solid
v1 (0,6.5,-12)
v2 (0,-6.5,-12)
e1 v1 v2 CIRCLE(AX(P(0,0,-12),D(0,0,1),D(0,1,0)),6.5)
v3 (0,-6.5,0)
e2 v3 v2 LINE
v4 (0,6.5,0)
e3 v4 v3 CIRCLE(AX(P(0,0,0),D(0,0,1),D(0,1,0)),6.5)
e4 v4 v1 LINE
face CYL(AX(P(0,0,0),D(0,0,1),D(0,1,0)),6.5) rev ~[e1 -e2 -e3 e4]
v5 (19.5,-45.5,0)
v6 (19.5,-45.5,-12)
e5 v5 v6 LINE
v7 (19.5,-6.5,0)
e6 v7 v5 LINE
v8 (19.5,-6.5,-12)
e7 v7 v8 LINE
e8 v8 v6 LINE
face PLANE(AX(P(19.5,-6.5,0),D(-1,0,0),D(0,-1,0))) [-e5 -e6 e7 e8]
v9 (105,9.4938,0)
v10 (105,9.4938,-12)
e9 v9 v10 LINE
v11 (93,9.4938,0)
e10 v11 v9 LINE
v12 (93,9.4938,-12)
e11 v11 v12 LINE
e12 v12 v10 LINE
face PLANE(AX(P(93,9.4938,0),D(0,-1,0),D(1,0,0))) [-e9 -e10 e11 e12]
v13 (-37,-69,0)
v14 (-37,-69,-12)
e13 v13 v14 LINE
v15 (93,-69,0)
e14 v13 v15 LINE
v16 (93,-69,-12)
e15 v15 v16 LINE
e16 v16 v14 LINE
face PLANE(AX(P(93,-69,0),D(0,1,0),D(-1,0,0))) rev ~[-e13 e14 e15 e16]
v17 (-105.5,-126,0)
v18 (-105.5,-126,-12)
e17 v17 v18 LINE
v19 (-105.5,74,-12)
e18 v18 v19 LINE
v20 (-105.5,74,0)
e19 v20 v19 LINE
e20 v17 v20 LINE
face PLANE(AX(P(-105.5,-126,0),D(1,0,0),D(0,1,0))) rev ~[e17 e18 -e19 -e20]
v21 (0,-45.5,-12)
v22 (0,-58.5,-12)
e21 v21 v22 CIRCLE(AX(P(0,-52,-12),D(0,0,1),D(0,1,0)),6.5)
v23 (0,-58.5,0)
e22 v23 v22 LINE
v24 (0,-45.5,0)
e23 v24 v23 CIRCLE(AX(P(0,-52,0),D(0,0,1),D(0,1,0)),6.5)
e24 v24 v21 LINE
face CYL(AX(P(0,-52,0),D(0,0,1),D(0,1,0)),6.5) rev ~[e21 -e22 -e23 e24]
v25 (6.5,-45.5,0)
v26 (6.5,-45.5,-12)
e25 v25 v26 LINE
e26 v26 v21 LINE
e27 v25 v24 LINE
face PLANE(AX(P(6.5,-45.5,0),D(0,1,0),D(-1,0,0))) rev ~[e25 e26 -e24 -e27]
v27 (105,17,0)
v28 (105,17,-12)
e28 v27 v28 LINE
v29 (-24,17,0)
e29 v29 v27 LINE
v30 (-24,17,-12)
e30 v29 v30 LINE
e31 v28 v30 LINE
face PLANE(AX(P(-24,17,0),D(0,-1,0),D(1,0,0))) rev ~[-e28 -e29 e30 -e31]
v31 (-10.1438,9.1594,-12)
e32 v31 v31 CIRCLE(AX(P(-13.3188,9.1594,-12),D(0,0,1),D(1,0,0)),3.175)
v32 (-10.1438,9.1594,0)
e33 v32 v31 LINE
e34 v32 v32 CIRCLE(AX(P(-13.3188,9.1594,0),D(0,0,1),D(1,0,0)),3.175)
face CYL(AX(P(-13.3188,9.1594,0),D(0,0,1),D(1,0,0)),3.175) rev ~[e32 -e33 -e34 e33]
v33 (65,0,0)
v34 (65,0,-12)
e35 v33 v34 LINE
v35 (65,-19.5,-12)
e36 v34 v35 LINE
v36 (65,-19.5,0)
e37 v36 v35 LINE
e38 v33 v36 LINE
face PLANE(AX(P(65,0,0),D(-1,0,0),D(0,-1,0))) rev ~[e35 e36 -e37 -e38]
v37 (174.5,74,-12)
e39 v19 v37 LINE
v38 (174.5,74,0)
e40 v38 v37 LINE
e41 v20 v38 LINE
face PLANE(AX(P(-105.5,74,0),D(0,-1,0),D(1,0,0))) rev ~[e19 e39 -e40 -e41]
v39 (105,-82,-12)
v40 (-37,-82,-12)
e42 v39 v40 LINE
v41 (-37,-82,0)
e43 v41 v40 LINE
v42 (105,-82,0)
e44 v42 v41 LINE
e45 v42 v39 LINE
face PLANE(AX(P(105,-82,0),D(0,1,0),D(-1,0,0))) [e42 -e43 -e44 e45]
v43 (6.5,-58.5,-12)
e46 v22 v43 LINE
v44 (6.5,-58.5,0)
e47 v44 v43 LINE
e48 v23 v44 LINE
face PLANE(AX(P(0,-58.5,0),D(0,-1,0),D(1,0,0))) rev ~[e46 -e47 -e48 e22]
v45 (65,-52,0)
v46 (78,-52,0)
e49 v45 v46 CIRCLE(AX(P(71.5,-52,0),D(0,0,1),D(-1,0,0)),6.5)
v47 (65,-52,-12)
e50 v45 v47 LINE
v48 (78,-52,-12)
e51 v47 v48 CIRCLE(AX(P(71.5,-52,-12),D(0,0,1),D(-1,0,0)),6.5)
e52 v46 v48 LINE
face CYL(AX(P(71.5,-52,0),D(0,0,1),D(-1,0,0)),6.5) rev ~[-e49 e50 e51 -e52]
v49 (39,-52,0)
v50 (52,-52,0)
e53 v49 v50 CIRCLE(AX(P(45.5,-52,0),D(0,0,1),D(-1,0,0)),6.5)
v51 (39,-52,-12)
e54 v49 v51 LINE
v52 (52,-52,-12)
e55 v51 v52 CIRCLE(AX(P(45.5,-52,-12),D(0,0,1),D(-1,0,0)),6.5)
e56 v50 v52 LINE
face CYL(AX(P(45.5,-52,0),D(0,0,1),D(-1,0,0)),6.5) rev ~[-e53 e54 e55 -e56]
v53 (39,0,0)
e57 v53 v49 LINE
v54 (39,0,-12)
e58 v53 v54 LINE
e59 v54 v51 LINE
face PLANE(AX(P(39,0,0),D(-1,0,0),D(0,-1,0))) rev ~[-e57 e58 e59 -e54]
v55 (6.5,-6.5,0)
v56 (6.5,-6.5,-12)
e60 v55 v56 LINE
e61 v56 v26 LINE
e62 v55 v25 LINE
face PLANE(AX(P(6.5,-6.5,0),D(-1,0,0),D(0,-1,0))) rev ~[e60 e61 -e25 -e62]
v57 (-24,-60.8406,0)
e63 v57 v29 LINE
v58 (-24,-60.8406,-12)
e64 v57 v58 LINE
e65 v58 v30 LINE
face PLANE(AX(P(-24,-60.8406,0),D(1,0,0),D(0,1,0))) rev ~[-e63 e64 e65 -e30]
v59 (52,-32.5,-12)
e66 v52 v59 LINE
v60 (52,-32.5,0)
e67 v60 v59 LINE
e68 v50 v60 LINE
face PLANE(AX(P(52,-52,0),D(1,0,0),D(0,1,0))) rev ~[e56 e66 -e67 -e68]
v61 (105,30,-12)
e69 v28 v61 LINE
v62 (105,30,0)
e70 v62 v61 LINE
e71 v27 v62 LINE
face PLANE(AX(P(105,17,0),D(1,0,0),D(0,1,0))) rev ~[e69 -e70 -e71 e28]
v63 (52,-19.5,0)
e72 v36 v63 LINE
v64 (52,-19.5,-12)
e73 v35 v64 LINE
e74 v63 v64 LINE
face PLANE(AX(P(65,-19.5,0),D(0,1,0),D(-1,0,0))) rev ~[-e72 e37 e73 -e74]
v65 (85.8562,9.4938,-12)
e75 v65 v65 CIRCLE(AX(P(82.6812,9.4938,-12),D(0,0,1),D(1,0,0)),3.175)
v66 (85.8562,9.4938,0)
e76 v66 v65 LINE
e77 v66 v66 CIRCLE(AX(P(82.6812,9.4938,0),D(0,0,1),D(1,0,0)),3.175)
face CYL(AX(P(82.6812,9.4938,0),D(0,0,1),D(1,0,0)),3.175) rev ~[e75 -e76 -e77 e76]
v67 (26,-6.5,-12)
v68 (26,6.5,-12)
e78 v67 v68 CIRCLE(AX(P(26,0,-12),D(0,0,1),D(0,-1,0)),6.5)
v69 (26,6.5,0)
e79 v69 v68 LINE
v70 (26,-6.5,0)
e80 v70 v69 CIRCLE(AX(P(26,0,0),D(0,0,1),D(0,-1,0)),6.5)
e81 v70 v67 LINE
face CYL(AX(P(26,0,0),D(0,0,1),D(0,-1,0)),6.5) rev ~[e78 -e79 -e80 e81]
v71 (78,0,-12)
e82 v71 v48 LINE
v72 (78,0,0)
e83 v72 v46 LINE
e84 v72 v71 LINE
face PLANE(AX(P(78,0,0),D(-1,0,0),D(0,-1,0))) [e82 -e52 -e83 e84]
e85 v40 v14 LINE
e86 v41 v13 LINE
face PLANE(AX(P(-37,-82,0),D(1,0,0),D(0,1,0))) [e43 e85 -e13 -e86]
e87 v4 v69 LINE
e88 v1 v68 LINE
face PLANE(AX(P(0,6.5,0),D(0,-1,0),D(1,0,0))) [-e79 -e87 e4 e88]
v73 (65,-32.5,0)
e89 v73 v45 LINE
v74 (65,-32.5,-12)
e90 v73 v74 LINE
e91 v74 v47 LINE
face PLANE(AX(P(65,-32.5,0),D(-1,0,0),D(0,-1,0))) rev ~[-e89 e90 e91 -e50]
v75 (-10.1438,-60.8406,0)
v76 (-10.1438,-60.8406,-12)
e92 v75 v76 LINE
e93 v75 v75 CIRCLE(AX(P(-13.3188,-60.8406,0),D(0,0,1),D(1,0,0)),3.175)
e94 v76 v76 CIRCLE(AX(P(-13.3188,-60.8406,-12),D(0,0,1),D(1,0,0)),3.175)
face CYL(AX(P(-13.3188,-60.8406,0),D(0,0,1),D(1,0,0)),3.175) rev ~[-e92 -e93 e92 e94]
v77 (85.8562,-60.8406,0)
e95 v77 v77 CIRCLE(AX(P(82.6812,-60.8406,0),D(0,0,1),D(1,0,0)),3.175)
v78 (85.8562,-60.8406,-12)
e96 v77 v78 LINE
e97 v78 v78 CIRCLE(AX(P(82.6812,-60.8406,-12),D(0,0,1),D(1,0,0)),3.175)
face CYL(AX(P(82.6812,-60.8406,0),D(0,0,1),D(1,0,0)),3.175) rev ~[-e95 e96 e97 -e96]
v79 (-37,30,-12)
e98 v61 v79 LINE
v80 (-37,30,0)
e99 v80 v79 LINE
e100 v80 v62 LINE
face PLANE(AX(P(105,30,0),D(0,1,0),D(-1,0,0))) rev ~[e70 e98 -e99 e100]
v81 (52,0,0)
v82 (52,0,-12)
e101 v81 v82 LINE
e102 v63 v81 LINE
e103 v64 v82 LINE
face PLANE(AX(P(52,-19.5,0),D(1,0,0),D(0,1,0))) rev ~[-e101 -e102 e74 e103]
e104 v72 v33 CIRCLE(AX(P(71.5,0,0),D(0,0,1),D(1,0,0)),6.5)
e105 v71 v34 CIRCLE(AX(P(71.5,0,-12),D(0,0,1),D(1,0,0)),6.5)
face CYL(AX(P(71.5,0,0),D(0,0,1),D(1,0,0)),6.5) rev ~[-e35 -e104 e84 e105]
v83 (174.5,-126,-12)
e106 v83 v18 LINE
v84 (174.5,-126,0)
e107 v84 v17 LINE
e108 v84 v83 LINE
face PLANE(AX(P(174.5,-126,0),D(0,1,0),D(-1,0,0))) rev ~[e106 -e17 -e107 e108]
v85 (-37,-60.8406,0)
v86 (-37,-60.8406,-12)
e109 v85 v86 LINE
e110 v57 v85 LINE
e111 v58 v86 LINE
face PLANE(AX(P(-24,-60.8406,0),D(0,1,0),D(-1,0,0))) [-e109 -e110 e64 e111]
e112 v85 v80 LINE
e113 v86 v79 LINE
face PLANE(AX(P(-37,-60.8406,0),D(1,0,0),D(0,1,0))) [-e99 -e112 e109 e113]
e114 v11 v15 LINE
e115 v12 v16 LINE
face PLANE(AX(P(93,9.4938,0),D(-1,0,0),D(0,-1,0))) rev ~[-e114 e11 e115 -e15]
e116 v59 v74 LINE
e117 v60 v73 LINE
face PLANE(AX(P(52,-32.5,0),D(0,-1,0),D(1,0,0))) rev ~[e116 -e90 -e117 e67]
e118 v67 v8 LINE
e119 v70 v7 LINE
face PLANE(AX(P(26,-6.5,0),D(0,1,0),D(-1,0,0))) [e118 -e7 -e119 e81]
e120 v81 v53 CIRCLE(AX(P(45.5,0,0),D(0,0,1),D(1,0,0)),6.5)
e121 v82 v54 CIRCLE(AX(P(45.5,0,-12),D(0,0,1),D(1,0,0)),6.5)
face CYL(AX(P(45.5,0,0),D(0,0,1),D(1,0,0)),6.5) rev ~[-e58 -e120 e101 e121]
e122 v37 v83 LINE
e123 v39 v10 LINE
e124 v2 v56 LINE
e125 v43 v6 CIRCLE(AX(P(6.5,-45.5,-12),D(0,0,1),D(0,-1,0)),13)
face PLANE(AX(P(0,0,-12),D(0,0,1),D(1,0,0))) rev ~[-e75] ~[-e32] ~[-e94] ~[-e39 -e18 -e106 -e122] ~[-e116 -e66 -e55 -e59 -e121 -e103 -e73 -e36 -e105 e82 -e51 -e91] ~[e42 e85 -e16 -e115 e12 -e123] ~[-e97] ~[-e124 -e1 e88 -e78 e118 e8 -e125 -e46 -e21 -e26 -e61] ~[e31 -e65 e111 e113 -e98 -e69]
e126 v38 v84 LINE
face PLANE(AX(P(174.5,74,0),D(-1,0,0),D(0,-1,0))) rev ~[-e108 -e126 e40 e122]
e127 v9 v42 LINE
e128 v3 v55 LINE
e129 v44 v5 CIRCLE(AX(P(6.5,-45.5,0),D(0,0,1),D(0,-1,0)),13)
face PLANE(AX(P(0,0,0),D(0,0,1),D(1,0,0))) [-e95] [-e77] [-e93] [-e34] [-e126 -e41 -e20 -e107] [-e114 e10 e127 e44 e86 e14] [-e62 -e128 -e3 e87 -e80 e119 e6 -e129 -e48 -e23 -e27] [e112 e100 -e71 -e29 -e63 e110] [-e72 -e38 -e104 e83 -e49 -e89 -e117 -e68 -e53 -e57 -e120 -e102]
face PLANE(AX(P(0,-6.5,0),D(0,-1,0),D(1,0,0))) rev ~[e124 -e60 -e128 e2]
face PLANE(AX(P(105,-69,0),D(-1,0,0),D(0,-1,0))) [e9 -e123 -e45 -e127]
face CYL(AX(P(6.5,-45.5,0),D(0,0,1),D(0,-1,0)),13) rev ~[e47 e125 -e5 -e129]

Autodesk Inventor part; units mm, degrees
ref_plane "YZ Plane" through (0, 0, 0) normal (1, 0, 0) x (0, 1, 0)
ref_plane "XZ Plane" through (0, 0, 0) normal (0, 1, 0) x (-1, 0, 0)
ref_plane "XY Plane" through (0, 0, 0) normal (0, 0, 1) x (1, 0, 0)
sketch "Sketch1" plane through (0, 0, 0) normal (0, 0, 1) x (1, 0, 0)
  arc A0 (0, 6.5) -> (0, -6.5) centre (0, 0) ccw
  line L0 (0, 6.5) -> (26, 6.5)
  line L1 (0, -6.5) -> (6.5, -6.5)
  arc A1 (26, -6.5) -> (26, 6.5) centre (26, 0) ccw
  line L2 (26, -6.5) -> (19.5, -6.5)
  line L3 (6.5, -6.5) -> (6.5, -45.5)
  line L4 (19.5, -6.5) -> (19.5, -45.5)
  line L5 (6.5, -45.5) -> (0, -45.5)
  arc A2 (0, -45.5) -> (0, -58.5) centre (0, -52) ccw
  line L6 (0, -58.5) -> (6.5, -58.5)
  arc A3 (6.5, -58.5) -> (19.5, -45.5) centre (6.5, -45.5) ccw
  line L7 (39, 0) -> (39, -52)
  arc A4 (39, -52) -> (52, -52) centre (45.5, -52) ccw
  line L8 (52, -52) -> (52, -32.5)
  line L9 (52, -32.5) -> (65, -32.5)
  line L10 (65, 0) -> (65, -19.5)
  line L11 (65, -19.5) -> (52, -19.5)
  line L12 (52, -19.5) -> (52, 0)
  line L13 (78, 0) -> (78, -52)
  line L14 (65, -32.5) -> (65, -52)
  arc A5 (65, -52) -> (78, -52) centre (71.5, -52) ccw
  arc A6 (52, 0) -> (39, 0) centre (45.5, 0) ccw
  arc A7 (78, 0) -> (65, 0) centre (71.5, 0) ccw
  point P0 (0, 0)
  point P1 (0, 0)
  dimension "d0" = 26
  dimension "d1" = 6.5
  dimension "d2" = 13
  dimension "d3" = 13
  dimension "d4" = 6.5
  dimension "d5" = 13
  dimension "d6" = 39
  dimension "d7" = 39
  dimension "d8" = 6.5
  dimension "d9" = 52
  dimension "d10" = 6.5
  dimension "d11" = 13
  dimension "d12" = 19.5
  dimension "d13" = 13
  dimension "d14" = 13
  dimension "d15" = 13
  dimension "d16" = 19.5
  dimension "d17" = 13
  dimension "d19" = 52
  dimension "d20" = 13
  dimension "d22" = 6.5
  dimension "d23" = 19.5
  dimension "d24" = 6.5
  dimension "d53" = 19.5
sketch "Sketch2" plane through (0, 0, 0) normal (0, 0, 1) x (1, 0, 0)
  circle A0 centre (-13.3188, 9.1594) radius 3.175
  circle A1 centre (-13.3188, -60.8406) radius 3.175
  circle A2 centre (82.6812, -60.8406) radius 3.175
  circle A3 centre (82.6812, 9.4938) radius 3.175
  line L0 (-24, 17) -> (93, 17)
  line L1 (93, 17) -> (93, -69)
  line L2 (93, -69) -> (-24, -69)
  line L3 (-24, -69) -> (-24, 17)
  line L4 (-105.5, 74) -> (174.5, 74)
  line L5 (174.5, 74) -> (174.5, -126)
  line L6 (174.5, -126) -> (-105.5, -126)
  line L7 (-105.5, -126) -> (-105.5, 74)
  line L8 (93, 9.4938) -> (105, 9.4938)
  line L9 (105, 9.4938) -> (105, -69)
  line L10 (105, -69) -> (93, -69)
  line L11 (93, -69) -> (93, 9.4938)
  line L12 (-24, -69) -> (105, -69)
  line L13 (-24, 17) -> (-24, -60.8406)
  line L14 (105, -82) -> (-37, -82)
  line L15 (-37, -82) -> (-37, -69)
  line L16 (-37, -69) -> (105, -69)
  line L17 (105, -69) -> (105, -82)
  line L18 (-24, -60.8406) -> (-37, -60.8406)
  line L19 (-37, -60.8406) -> (-37, 30)
  line L20 (-37, 30) -> (-24, 30)
  line L21 (-24, 30) -> (-24, -60.8406)
  line L22 (-24, 17) -> (105, 17)
  line L23 (105, 17) -> (105, 30)
  line L24 (105, 30) -> (-24, 30)
  line L25 (-24, 30) -> (-24, 17)
  point P0 (0, 0)
  point P1 (82.6812, 17)
  dimension "d54" = 6.35
  dimension "d55" = 6.35
  dimension "d56" = 6.35
  dimension "d57" = 6.35
  dimension "d62" = 117
  dimension "d63" = 86
  dimension "d64" = 280
  dimension "d65" = 200
  dimension "d66" = 57
  dimension "d68" = 17
  dimension "d69" = 24
  dimension "d70" = 81.5
extrude "Extrusion6" add sketch "Sketch2" against normal blind 12 contours L0 L1 L2 L3 | L4 L5 L6 L7
extrude "Extrusion7" cut sketch "Sketch1" against normal blind 12
properties part number "JH" material "Polyethylene, High Density"
